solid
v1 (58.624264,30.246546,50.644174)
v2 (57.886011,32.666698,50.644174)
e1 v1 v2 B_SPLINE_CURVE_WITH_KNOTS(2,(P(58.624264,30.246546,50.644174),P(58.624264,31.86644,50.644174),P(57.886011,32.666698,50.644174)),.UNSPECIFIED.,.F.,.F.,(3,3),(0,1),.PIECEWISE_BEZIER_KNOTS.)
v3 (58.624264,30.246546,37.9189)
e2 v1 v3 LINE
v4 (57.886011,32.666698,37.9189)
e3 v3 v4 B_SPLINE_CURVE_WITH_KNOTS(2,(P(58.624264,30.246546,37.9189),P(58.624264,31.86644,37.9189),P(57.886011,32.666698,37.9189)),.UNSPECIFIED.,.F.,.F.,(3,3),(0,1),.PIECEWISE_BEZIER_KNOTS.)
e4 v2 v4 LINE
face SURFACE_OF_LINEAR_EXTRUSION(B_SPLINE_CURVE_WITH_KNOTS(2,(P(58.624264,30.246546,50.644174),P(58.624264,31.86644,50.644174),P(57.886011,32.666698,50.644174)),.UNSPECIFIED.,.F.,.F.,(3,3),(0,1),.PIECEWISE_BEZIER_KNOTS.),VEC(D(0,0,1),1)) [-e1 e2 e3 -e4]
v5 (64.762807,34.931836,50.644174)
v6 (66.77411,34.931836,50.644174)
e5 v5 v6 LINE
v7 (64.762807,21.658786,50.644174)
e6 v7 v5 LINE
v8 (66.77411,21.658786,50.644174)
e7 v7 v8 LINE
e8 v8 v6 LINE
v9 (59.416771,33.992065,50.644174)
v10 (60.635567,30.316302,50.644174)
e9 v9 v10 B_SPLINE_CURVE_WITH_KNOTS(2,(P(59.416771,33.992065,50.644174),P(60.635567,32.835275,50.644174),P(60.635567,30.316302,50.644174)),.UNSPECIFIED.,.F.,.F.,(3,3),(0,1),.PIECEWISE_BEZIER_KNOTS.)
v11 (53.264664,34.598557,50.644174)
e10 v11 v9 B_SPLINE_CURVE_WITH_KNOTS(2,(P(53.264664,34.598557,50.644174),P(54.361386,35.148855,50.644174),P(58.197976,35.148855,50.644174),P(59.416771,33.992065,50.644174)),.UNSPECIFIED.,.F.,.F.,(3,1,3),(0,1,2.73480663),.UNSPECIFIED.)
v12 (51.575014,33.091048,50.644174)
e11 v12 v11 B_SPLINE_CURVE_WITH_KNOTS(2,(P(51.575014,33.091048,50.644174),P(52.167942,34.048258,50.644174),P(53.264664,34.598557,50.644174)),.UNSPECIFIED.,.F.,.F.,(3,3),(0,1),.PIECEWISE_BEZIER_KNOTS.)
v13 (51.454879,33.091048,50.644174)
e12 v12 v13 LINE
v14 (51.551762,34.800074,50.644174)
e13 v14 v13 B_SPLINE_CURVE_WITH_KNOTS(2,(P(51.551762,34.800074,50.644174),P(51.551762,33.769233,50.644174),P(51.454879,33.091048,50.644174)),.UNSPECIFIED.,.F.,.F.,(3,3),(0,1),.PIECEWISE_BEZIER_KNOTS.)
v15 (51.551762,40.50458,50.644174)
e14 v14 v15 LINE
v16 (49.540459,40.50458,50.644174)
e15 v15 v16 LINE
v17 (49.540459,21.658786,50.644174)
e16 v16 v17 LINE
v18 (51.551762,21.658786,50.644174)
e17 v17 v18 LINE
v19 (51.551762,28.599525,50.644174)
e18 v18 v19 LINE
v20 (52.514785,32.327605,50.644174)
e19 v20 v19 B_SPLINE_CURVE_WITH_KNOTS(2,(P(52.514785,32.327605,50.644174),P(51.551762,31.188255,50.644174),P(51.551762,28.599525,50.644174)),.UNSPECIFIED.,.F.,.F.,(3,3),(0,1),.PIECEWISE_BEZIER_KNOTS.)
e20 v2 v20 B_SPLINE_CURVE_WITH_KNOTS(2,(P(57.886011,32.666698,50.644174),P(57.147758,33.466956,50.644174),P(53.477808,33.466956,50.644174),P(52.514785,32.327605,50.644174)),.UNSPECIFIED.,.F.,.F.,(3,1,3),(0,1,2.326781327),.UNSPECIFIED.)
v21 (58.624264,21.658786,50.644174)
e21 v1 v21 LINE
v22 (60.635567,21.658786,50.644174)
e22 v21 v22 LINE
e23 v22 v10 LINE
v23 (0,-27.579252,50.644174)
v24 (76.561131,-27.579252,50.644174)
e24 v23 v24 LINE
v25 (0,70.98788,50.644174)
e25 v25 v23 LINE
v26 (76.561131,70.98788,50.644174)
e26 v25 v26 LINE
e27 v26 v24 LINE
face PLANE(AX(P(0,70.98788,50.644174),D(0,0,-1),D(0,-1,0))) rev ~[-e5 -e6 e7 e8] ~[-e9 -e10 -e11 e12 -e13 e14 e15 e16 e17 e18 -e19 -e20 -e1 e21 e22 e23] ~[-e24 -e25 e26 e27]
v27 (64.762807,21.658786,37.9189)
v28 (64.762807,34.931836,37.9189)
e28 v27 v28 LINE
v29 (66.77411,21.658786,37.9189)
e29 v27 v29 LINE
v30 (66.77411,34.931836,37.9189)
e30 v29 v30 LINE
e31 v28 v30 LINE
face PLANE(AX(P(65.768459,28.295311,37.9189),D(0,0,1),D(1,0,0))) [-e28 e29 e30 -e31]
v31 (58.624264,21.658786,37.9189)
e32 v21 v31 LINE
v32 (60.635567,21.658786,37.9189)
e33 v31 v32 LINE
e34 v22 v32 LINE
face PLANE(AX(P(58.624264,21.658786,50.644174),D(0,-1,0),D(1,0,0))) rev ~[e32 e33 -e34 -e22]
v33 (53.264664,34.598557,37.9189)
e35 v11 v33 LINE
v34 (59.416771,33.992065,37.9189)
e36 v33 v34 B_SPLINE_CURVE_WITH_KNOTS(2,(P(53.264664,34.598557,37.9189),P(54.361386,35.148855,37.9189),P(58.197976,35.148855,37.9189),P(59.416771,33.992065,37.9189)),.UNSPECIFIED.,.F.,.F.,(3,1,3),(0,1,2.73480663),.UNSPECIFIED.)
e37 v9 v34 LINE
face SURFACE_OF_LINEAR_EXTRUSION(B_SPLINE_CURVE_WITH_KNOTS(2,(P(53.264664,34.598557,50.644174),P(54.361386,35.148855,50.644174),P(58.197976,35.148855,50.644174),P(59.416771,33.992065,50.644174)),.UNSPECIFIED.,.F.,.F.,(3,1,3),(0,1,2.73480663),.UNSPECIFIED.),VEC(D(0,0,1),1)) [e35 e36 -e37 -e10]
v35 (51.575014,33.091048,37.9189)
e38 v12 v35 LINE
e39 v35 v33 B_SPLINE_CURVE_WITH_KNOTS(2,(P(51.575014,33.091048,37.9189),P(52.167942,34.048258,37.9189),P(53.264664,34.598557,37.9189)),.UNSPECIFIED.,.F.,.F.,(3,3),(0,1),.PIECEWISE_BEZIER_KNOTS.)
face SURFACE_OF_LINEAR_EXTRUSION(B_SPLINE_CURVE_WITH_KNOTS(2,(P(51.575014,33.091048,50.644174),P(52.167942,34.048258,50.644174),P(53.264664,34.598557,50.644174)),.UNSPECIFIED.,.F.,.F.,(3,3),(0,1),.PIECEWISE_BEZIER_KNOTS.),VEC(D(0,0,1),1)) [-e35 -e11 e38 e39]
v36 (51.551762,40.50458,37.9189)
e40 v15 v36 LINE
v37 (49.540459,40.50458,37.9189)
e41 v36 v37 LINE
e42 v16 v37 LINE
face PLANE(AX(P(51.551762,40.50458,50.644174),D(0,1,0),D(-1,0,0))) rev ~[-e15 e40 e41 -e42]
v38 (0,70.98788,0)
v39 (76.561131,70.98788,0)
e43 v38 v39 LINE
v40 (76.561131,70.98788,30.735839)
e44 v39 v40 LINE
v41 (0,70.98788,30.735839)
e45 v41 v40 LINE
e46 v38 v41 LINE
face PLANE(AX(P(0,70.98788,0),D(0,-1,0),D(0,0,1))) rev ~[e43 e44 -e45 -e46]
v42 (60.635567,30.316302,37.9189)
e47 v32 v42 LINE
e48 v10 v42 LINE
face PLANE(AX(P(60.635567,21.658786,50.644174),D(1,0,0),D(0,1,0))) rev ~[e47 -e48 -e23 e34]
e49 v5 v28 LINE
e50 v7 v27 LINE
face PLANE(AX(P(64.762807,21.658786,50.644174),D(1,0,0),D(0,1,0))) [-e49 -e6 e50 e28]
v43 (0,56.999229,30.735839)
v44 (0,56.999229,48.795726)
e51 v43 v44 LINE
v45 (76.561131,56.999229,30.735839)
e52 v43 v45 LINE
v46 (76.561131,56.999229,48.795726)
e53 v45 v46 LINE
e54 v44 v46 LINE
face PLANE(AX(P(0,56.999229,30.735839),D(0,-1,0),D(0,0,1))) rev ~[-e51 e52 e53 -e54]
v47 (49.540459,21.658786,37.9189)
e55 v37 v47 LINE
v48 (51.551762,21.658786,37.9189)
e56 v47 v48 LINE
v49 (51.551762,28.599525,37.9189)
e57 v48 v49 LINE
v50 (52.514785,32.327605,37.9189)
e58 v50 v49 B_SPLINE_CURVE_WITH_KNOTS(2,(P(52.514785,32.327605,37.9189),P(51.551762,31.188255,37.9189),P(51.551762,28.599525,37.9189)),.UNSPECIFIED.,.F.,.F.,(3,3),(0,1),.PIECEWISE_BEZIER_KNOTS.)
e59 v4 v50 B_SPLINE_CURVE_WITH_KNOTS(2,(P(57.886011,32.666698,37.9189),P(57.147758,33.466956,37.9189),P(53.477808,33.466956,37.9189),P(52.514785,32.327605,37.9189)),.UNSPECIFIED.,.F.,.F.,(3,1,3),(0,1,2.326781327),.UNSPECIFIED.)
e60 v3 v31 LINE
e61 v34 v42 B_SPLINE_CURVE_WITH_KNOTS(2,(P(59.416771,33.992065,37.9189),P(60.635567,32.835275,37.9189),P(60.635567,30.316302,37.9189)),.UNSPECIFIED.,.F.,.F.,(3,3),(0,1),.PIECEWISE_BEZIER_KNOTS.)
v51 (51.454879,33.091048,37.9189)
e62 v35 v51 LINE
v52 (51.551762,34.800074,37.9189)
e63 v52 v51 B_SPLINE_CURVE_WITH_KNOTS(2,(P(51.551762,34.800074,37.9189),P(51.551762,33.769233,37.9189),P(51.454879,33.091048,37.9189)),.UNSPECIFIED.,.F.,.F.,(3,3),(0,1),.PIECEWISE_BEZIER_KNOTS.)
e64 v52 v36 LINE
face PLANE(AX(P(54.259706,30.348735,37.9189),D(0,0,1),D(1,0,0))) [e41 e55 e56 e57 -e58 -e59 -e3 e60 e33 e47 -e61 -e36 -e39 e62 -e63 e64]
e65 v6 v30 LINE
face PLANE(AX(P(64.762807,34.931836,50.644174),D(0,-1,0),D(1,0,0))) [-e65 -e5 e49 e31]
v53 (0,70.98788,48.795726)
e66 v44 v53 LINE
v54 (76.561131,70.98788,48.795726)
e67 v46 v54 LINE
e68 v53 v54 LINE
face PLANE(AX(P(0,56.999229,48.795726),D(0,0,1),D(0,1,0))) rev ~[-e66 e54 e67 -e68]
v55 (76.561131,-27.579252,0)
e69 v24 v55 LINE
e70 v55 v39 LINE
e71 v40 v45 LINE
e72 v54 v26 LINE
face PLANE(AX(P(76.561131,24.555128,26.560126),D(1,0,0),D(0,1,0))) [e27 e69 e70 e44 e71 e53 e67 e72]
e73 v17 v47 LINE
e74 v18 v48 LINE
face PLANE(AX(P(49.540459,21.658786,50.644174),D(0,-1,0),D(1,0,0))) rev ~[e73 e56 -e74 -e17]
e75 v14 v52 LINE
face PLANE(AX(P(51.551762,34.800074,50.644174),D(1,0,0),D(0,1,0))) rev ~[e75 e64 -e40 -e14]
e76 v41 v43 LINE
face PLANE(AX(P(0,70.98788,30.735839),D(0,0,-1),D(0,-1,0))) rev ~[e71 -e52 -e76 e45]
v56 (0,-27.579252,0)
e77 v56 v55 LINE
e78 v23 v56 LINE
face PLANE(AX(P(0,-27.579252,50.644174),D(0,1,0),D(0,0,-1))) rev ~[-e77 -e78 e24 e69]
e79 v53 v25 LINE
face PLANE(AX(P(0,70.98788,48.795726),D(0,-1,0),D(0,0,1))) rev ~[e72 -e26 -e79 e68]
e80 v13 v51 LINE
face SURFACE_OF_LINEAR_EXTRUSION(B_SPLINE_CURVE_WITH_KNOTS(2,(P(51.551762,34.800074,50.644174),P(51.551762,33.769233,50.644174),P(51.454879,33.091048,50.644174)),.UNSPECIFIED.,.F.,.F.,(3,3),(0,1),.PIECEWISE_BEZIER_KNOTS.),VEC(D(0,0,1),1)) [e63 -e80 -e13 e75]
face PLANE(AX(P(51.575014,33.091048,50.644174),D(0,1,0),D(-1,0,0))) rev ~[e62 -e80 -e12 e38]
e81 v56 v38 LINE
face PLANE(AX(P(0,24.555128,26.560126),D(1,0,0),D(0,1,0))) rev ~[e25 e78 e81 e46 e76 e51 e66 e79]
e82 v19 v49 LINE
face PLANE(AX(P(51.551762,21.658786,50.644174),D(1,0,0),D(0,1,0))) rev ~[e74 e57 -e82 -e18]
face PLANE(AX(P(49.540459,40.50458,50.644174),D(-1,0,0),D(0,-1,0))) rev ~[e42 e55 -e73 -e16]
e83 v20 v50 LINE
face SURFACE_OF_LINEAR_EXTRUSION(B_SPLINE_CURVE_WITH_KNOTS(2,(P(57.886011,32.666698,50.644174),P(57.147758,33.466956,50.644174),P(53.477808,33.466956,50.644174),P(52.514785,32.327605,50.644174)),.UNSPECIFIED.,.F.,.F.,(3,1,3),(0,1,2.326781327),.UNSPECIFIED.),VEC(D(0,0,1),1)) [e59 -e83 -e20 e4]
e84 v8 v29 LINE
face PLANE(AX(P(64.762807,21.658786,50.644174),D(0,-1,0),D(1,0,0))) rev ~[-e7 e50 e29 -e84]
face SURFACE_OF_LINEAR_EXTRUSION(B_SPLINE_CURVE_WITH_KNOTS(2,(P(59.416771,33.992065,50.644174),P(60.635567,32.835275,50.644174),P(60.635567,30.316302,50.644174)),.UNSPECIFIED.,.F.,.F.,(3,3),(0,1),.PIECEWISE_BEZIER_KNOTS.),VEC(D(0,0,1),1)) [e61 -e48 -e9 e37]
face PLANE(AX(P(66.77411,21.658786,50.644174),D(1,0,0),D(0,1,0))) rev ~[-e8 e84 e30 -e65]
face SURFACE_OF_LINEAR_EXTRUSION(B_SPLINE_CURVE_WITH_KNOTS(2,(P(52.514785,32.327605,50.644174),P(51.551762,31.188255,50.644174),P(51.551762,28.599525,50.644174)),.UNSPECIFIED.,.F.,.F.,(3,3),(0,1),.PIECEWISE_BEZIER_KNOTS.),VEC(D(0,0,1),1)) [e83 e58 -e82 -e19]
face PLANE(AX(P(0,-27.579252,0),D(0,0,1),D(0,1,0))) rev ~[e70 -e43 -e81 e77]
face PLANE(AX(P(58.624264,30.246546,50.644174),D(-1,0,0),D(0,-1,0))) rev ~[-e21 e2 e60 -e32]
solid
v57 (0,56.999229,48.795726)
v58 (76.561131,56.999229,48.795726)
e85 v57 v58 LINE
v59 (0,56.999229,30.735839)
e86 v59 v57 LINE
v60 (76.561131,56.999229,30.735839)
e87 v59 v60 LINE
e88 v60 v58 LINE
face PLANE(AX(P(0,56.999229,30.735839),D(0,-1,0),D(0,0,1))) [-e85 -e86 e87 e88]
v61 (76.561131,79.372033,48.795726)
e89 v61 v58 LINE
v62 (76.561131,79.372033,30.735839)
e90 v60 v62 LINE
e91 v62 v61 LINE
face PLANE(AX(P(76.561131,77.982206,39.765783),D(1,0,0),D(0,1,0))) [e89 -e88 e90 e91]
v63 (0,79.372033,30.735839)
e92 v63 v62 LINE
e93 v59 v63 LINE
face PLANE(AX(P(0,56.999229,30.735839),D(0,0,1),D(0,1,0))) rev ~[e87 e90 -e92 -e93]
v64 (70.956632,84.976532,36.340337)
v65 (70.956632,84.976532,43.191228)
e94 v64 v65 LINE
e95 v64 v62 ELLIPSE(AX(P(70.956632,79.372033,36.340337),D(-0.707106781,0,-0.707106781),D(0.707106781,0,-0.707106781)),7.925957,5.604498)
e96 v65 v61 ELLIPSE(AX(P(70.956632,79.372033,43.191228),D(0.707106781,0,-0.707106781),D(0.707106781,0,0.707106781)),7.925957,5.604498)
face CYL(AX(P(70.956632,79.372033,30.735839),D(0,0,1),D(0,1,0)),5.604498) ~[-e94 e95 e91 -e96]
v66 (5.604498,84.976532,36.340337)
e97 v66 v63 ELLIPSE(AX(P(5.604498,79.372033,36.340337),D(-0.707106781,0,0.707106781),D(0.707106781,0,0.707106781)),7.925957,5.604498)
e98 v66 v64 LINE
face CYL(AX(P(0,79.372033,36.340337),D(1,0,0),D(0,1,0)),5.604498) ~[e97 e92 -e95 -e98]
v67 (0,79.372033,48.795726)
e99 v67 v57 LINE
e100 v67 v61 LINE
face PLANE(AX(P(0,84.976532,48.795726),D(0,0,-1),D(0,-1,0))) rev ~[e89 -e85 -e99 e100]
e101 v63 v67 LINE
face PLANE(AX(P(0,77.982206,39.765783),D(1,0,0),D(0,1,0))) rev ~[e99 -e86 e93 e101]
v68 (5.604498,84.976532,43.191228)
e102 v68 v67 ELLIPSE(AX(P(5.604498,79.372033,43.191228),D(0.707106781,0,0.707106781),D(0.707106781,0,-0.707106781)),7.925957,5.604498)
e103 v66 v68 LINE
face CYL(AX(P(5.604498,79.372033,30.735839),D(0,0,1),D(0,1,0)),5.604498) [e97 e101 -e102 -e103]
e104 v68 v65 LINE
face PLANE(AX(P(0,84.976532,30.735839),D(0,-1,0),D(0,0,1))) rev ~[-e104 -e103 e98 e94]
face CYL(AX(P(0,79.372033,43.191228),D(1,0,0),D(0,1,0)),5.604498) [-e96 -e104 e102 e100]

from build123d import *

# Parameters (mm, degrees)
F2_DEPTH = 76.5611305833
F0_W     = 13.9886513352
F0_H     = 18.059886992
F3_R     = 5.6044980923
F4_W     = 2.0113031108
F4_H     = 13.2730503942
F5_DEPTH = 12.7252740785


with BuildPart() as f2:
    # F1 (on face) → F2 (new body)
    with BuildSketch(Plane.YZ):
        Polygon((-27.5792516768, 50.6441742182), (-27.5792516768, 0), (70.9878802299, 0), (70.9878802299, 30.7358391583), (56.9992288947, 30.7358391583), (56.9992288947, 48.7957261503), (70.9878802299, 48.7957261503), (70.9878802299, 50.6441742182), align=None)
    extrude(amount=F2_DEPTH)

    # F4 (on face) → F5 (cut)
    with BuildSketch(Plane.XY.offset(50.6441742182)):
        with BuildLine():
            Line((58.6242635295, 30.2465461298), (58.6242635295, 21.6587856412))
            Line((58.6242635295, 21.6587856412), (60.6355666403, 21.6587856412))
            Line((60.6355666403, 21.6587856412), (60.6355666403, 30.3163023071))
            add(Edge.make_bspline(
                [(59.4167712099, 33.992065314), (60.6355666403, 32.8352753746), (60.6355666403, 30.3163023071)],
                knots=[0, 0, 0, 1, 1, 1], degree=2))
            add(Edge.make_bspline(
                [(55.764260262, 35.1488552535), (58.1979757796, 35.1488552535), (59.4167712099, 33.992065314)],
                knots=[0, 0, 0, 1, 1, 1], degree=2))
            add(Edge.make_bspline(
                [(53.2646639104, 34.5985565218), (54.3613860306, 35.1488552535), (55.764260262, 35.1488552535)],
                knots=[0, 0, 0, 1, 1, 1], degree=2))
            add(Edge.make_bspline(
                [(51.5750142836, 33.0910480245), (52.1679417903, 34.0482577901), (53.2646639104, 34.5985565218)],
                knots=[0, 0, 0, 1, 1, 1], degree=2))
            Line((51.5750142836, 33.0910480245), (51.454878645, 33.0910480245))
            add(Edge.make_bspline(
                [(51.5517622245, 34.8000743672), (51.5517622245, 33.7692330811), (51.454878645, 33.0910480245)],
                knots=[0, 0, 0, 1, 1, 1], degree=2))
            Line((51.5517622245, 34.8000743672), (51.5517622245, 40.5045795293))
            Line((51.5517622245, 40.5045795293), (49.5404591137, 40.5045795293))
            Line((49.5404591137, 40.5045795293), (49.5404591137, 21.6587856412))
            Line((49.5404591137, 21.6587856412), (51.5517622245, 21.6587856412))
            Line((51.5517622245, 21.6587856412), (51.5517622245, 28.599525278))
            add(Edge.make_bspline(
                [(52.514785005, 32.3276054179), (51.5517622245, 31.1882545227), (51.5517622245, 28.599525278)],
                knots=[0, 0, 0, 1, 1, 1], degree=2))
            add(Edge.make_bspline(
                [(55.570493103, 33.466956313), (53.4778077854, 33.466956313), (52.514785005, 32.3276054179)],
                knots=[0, 0, 0, 1, 1, 1], degree=2))
            add(Edge.make_bspline(
                [(57.8860106535, 32.6666979462), (57.1477577776, 33.466956313), (55.570493103, 33.466956313)],
                knots=[0, 0, 0, 1, 1, 1], degree=2))
            add(Edge.make_bspline(
                [(58.6242635295, 30.2465461298), (58.6242635295, 31.8664395794), (57.8860106535, 32.6666979462)],
                knots=[0, 0, 0, 1, 1, 1], degree=2))
        make_face()
        with Locations((65.7684586832, 28.2953108383)):
            Rectangle(F4_W, F4_H)
    extrude(amount=-F5_DEPTH, mode=Mode.SUBTRACT)


with BuildPart() as f2b:
    # F0 (on Right) → F2, piece 2 (new body)
    with BuildSketch(Plane.YZ):
        with Locations((77.9822058976, 39.7657826543)):
            Rectangle(F0_W, F0_H)
        with Locations((63.9935545623, 39.7657826543)):
            Rectangle(F0_W, F0_H)
    extrude(amount=F2_DEPTH)

    # F3
    f3_edges = [f2b.edges().sort_by_distance(p)[0] for p in [
        (38.280565, 84.976532, 30.735839),
        (38.280565, 84.976532, 48.795726),
        (76.561131, 84.976532, 39.765783),
        (0, 84.976532, 39.765783),
    ]]
    fillet(f3_edges, radius=F3_R)


solid = Compound([f2.part, f2b.part])
